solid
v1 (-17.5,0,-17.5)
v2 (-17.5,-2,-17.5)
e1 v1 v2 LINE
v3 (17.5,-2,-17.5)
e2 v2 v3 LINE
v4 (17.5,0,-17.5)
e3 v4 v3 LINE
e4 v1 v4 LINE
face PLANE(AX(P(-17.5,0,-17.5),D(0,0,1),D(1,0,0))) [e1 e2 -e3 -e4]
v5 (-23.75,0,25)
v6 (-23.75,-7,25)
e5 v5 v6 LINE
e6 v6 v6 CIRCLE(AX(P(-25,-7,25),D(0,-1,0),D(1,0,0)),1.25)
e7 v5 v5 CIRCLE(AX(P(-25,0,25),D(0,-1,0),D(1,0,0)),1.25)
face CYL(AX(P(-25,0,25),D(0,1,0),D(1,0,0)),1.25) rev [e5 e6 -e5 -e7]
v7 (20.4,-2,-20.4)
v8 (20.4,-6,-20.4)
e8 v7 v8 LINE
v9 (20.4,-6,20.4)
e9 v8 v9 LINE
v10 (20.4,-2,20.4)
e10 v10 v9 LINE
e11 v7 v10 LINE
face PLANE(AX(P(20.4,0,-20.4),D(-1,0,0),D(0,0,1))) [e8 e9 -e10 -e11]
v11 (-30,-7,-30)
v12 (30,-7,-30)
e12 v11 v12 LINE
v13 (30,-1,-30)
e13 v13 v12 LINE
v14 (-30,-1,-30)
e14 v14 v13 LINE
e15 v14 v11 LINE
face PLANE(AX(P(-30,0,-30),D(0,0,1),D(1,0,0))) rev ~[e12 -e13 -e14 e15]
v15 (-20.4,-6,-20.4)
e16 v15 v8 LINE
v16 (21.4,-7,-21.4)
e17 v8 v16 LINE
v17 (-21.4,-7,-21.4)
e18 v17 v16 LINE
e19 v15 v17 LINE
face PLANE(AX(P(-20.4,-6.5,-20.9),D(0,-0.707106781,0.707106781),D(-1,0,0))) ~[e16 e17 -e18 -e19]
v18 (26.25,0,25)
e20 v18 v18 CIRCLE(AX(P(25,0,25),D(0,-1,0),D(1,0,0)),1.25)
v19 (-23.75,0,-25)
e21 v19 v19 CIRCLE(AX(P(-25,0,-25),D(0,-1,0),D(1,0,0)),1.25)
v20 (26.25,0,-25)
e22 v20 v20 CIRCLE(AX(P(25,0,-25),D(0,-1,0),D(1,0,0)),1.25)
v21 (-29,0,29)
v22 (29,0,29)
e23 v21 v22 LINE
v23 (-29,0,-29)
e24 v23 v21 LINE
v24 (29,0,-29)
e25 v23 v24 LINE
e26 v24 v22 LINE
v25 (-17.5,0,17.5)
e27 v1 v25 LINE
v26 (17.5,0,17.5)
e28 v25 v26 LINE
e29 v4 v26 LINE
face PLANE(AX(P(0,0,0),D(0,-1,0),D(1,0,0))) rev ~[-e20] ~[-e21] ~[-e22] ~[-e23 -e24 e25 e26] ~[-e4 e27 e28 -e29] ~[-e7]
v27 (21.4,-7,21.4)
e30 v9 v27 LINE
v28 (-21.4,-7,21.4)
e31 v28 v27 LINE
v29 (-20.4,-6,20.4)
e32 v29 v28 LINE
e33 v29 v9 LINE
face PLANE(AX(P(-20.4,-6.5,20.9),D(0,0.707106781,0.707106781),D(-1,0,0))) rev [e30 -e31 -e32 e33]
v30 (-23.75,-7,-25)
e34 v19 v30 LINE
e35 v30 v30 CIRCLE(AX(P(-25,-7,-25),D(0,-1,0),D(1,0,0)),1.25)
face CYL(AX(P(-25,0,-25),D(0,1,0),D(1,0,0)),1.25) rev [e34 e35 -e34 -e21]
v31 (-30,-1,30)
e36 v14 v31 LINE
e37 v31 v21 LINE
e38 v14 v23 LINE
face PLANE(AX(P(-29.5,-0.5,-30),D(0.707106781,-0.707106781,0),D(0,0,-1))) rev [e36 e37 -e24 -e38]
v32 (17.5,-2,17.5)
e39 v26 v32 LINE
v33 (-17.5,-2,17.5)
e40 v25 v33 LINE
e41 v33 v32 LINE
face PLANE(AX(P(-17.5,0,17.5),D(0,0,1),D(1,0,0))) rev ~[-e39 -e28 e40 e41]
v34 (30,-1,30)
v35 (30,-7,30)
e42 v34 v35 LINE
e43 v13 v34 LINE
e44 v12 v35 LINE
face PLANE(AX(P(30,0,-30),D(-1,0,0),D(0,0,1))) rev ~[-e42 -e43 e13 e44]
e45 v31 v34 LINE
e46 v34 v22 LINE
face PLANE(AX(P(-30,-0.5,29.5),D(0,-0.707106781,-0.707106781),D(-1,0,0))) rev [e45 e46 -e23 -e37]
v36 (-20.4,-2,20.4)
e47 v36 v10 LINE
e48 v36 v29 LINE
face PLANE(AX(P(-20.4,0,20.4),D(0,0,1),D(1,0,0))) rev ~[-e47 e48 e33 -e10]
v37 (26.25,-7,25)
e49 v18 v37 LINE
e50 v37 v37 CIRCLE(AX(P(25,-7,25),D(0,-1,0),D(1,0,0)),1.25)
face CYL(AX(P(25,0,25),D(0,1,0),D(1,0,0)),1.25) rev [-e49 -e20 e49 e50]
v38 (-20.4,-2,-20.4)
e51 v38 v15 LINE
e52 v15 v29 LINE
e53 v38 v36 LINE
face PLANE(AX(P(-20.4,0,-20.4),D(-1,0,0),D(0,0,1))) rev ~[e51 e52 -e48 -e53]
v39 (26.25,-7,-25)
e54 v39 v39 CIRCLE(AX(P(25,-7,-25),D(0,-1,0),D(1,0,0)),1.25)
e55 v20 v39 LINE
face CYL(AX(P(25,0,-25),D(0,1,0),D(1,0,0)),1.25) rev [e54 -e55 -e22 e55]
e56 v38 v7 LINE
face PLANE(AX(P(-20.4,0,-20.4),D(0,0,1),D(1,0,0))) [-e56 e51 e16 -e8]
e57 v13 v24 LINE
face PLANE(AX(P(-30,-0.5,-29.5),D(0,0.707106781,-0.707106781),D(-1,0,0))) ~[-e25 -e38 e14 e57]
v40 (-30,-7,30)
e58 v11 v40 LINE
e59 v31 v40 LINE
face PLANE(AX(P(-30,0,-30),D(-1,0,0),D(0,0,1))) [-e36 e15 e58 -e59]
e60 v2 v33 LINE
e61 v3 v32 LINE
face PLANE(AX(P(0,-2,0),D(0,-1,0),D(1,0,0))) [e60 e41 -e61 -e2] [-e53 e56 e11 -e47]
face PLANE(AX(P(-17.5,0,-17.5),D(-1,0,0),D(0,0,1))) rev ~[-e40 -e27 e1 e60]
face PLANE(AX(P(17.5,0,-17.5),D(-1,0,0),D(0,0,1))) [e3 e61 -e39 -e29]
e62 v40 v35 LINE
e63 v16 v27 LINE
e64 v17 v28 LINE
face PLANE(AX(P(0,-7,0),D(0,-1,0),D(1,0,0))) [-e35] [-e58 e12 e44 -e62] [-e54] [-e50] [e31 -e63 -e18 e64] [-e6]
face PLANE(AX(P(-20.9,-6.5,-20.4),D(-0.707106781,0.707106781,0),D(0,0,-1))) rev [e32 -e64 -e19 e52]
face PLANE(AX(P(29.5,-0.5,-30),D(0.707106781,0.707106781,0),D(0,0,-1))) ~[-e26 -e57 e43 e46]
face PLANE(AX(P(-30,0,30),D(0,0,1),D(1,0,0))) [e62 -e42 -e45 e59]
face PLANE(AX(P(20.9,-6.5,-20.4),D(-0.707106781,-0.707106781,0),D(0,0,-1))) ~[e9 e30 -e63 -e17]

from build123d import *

# Parameters (mm, degrees)
F0_W     = 60
F0_H     = 60
F0_R     = 1.25
F0_W_2   = 40.8
F0_H_2   = 40.8
F1_DEPTH = 7
F0_W_3   = 35
F0_H_3   = 35
F2_DEPTH = 2
F3_SIZE  = 1
F4_SIZE  = 1


with BuildPart() as f1:
    # F0 (on Front) → F1 (new body)
    with BuildSketch(Plane.XZ):
        Rectangle(F0_W, F0_H)
        with Locations((-25, -25)):
            Circle(F0_R, mode=Mode.SUBTRACT)
        with Locations((25, -25)):
            Circle(F0_R, mode=Mode.SUBTRACT)
        with Locations((-25, 25)):
            Circle(F0_R, mode=Mode.SUBTRACT)
        Rectangle(F0_W_2, F0_H_2, mode=Mode.SUBTRACT)
        with Locations((25, 25)):
            Circle(F0_R, mode=Mode.SUBTRACT)
    extrude(amount=F1_DEPTH)

    # F0 (on Front) → F2 (join)
    with BuildSketch(Plane.XZ):
        Rectangle(F0_W_2, F0_H_2)
        Rectangle(F0_W_3, F0_H_3, mode=Mode.SUBTRACT)
    extrude(amount=F2_DEPTH)

    # F3
    f3_edges = [f1.edges().sort_by_distance(p)[0] for p in [
        (20.4, -7, 0),
        (0, -7, 20.4),
        (-20.4, -7, 0),
        (0, -7, -20.4),
    ]]
    chamfer(f3_edges, length=F3_SIZE)

    # F4
    f4_edges = [f1.edges().sort_by_distance(p)[0] for p in [
        (-30, 0, 0),
        (0, 0, -30),
        (30, 0, 0),
        (0, 0, 30),
    ]]
    chamfer(f4_edges, length=F4_SIZE)


solid = f1.part
